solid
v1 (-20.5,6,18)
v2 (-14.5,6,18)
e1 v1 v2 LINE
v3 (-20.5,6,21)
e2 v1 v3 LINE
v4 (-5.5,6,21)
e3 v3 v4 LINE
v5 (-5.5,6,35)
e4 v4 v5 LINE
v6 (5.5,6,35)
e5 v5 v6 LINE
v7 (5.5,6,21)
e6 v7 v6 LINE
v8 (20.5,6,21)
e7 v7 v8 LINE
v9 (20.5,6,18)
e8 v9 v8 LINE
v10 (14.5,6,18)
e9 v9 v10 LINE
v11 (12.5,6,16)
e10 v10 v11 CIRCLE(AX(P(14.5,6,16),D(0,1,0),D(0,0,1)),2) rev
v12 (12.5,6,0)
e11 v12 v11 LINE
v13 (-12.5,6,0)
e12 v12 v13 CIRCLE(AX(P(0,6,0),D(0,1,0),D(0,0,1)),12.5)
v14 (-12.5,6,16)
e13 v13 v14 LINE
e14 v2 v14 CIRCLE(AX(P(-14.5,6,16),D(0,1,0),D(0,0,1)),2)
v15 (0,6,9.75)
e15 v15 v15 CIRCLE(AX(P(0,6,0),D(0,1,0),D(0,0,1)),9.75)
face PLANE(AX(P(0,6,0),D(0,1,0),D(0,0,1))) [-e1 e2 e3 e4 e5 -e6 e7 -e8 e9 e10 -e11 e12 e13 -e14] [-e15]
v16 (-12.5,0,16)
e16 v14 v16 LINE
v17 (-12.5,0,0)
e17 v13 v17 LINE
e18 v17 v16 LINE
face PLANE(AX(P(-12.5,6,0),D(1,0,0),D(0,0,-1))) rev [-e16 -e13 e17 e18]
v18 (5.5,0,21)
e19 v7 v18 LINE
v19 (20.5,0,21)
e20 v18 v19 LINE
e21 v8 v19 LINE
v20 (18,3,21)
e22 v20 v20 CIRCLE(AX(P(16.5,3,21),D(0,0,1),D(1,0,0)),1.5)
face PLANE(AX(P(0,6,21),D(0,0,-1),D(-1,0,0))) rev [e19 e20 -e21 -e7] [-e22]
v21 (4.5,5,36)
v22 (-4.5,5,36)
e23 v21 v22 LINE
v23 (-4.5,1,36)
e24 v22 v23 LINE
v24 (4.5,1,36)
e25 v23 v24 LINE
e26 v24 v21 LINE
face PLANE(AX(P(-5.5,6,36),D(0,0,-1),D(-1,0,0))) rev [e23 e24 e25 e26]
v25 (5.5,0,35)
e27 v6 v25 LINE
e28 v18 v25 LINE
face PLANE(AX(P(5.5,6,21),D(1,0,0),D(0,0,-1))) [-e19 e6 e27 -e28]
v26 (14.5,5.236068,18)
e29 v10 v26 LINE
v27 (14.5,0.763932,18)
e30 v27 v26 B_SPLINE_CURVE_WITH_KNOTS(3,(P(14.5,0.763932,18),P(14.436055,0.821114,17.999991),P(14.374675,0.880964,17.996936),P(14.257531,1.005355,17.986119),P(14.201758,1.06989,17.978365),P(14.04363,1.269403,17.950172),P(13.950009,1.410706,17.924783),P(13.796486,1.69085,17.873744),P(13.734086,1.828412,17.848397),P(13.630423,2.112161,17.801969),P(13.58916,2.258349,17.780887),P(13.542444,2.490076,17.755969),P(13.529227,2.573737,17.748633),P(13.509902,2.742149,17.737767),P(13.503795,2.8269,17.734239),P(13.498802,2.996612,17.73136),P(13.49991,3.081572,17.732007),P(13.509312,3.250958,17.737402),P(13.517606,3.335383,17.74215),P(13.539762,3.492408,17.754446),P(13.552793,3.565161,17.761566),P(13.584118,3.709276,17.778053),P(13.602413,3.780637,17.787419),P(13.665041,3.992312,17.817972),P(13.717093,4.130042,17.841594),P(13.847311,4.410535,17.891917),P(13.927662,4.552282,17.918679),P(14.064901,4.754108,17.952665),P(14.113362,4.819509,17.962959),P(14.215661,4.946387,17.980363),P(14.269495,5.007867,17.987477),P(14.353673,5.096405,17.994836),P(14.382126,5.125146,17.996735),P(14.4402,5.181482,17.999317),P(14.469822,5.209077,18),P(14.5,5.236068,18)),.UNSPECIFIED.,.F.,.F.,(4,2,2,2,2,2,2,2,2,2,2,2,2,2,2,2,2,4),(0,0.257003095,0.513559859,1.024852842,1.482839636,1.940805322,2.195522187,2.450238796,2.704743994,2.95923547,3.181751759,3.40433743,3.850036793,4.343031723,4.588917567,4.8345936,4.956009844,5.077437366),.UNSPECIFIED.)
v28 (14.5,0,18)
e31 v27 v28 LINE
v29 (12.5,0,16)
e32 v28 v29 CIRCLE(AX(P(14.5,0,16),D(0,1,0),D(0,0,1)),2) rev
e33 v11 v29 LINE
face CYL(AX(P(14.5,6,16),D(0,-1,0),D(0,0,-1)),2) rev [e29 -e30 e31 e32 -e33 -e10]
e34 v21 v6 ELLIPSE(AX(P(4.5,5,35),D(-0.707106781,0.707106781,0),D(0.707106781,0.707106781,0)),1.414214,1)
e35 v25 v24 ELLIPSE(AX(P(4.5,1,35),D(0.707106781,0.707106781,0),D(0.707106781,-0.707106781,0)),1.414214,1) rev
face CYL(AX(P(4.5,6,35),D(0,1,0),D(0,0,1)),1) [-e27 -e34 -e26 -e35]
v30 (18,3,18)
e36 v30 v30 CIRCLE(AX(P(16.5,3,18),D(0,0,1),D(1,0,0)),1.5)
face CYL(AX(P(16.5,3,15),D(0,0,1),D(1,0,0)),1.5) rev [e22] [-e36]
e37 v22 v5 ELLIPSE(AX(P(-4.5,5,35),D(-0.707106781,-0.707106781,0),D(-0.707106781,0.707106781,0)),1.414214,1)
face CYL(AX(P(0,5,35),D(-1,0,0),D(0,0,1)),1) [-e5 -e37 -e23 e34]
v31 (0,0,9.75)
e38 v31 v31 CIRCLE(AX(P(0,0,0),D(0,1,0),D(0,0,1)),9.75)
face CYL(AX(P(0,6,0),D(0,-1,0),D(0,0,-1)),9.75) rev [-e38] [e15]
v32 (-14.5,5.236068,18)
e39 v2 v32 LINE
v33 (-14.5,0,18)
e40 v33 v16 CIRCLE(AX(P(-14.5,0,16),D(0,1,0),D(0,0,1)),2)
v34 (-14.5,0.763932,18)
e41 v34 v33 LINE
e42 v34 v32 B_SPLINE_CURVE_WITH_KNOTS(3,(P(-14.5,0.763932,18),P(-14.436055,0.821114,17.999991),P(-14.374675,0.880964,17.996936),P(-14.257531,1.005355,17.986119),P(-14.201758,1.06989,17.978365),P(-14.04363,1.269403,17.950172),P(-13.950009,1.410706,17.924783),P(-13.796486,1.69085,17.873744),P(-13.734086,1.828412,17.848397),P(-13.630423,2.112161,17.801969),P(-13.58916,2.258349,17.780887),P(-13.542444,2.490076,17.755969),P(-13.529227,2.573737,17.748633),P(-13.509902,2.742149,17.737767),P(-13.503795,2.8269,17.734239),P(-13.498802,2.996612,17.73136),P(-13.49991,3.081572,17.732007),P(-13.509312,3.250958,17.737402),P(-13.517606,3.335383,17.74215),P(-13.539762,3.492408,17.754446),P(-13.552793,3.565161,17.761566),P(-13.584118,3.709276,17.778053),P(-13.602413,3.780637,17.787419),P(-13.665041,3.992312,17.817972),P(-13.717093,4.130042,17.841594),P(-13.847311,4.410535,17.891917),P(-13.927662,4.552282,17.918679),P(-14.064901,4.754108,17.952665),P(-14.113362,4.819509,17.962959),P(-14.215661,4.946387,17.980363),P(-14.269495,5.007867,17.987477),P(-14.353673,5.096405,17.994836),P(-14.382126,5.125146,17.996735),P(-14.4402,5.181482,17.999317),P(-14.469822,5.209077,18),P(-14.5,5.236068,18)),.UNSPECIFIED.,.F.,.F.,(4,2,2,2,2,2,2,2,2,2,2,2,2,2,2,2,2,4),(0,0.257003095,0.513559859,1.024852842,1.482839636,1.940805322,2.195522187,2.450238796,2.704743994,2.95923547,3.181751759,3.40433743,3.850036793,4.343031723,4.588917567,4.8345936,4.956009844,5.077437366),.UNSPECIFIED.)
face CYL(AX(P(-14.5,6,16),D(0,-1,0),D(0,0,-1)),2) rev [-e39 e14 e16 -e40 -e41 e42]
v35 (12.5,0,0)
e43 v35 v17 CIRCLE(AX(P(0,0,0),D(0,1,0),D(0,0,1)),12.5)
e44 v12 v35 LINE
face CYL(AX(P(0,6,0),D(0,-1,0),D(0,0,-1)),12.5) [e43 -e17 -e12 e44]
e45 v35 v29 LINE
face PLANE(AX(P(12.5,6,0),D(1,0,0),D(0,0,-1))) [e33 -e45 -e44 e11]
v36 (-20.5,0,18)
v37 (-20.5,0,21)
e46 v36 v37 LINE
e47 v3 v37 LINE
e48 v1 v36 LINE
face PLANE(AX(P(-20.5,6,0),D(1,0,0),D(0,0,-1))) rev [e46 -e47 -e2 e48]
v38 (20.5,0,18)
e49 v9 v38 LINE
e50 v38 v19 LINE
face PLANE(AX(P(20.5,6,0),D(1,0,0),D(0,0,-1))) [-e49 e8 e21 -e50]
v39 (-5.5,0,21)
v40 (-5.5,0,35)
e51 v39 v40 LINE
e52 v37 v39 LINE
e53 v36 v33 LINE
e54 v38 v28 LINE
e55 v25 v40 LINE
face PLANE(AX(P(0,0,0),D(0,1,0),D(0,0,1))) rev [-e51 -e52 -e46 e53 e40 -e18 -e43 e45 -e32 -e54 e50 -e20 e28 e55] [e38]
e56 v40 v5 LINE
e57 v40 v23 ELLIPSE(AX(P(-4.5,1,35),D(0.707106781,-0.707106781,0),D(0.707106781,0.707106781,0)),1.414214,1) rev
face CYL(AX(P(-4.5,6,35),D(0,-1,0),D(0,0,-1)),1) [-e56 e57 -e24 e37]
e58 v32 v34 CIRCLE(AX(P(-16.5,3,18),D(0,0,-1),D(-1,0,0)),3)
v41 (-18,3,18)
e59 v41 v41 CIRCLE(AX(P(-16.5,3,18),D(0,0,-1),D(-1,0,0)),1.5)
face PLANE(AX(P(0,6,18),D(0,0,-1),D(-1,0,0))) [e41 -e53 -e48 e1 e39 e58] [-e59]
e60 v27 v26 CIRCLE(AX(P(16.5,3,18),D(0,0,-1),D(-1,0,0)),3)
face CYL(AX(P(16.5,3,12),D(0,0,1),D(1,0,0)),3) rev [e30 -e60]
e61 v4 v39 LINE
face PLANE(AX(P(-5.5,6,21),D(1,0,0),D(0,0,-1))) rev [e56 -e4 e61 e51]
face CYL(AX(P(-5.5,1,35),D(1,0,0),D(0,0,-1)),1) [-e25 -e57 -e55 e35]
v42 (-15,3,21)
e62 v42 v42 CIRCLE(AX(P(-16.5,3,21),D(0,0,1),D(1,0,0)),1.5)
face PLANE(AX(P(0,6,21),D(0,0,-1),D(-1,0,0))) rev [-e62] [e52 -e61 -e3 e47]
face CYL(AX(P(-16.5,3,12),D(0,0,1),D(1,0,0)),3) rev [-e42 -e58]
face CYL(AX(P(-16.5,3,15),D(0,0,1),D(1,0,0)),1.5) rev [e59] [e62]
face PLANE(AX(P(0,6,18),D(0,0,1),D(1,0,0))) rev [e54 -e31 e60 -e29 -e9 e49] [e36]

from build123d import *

# Parameters (mm, degrees)
CROQUIS1_R              = 9.75
SALIENTE_EXTRUIR1_DEPTH = 6
CROQUIS2_R              = 1.5
CORTAR_EXTRUIR1_DEPTH   = 6
CROQUIS3_R              = 3
CORTAR_EXTRUIR2_DEPTH   = 6
REDONDEO1_R             = 1


with BuildPart() as part:
    # Croquis1 → Saliente-Extruir1 (new body)
    with BuildSketch(Plane(origin=(0, 0, 0), x_dir=(1, 0, 0), z_dir=(0, 1, 0))):
        with BuildLine():
            ThreePointArc((12.5, 0), (0, 12.5), (-12.5, 0))
            Line((-12.5, 0), (-12.5, -16))
            ThreePointArc((-12.5, -16), (-13.085786438, -17.414213562), (-14.5, -18))
            Line((-14.5, -18), (-20.5, -18))
            Line((-20.5, -18), (-20.5, -21))
            Line((-20.5, -21), (-5.5, -21))
            Line((-5.5, -21), (-5.5, -36))
            Line((-5.5, -36), (5.5, -36))
            Line((5.5, -36), (5.5, -21))
            Line((5.5, -21), (20.5, -21))
            Line((20.5, -21), (20.5, -18))
            Line((20.5, -18), (14.5, -18))
            ThreePointArc((14.5, -18), (13.085786438, -17.414213562), (12.5, -16))
            Line((12.5, -16), (12.5, 0))
        make_face()
        with Locations(Location((0, 0, 0), (0, 0, 270))):
            Circle(CROQUIS1_R, mode=Mode.SUBTRACT)
    extrude(amount=SALIENTE_EXTRUIR1_DEPTH)

    # Croquis2 → Cortar-Extruir1 (cut)
    with BuildSketch(Plane.XY.offset(21)):
        with Locations((-16.5, 3)):
            Circle(CROQUIS2_R)
        with Locations((16.5, 3)):
            Circle(CROQUIS2_R)
    extrude(amount=-CORTAR_EXTRUIR1_DEPTH, mode=Mode.SUBTRACT)

    # Croquis3 → Cortar-Extruir2 (cut)
    with BuildSketch(Plane(origin=(0, 0, 18), x_dir=(-1, 0, 0), z_dir=(0, 0, -1))):
        with Locations((-16.5, 3)):
            Circle(CROQUIS3_R)
        with Locations((16.5, 3)):
            Circle(CROQUIS3_R)
    extrude(amount=CORTAR_EXTRUIR2_DEPTH, mode=Mode.SUBTRACT)

    # Redondeo1
    redondeo1_edges = [part.edges().sort_by_distance(p)[0] for p in [
        (5.5, 3, 36),
        (-5.5, 3, 36),
        (0, 6, 36),
        (0, 0, 36),
    ]]
    fillet(redondeo1_edges, radius=REDONDEO1_R)


solid = part.part
